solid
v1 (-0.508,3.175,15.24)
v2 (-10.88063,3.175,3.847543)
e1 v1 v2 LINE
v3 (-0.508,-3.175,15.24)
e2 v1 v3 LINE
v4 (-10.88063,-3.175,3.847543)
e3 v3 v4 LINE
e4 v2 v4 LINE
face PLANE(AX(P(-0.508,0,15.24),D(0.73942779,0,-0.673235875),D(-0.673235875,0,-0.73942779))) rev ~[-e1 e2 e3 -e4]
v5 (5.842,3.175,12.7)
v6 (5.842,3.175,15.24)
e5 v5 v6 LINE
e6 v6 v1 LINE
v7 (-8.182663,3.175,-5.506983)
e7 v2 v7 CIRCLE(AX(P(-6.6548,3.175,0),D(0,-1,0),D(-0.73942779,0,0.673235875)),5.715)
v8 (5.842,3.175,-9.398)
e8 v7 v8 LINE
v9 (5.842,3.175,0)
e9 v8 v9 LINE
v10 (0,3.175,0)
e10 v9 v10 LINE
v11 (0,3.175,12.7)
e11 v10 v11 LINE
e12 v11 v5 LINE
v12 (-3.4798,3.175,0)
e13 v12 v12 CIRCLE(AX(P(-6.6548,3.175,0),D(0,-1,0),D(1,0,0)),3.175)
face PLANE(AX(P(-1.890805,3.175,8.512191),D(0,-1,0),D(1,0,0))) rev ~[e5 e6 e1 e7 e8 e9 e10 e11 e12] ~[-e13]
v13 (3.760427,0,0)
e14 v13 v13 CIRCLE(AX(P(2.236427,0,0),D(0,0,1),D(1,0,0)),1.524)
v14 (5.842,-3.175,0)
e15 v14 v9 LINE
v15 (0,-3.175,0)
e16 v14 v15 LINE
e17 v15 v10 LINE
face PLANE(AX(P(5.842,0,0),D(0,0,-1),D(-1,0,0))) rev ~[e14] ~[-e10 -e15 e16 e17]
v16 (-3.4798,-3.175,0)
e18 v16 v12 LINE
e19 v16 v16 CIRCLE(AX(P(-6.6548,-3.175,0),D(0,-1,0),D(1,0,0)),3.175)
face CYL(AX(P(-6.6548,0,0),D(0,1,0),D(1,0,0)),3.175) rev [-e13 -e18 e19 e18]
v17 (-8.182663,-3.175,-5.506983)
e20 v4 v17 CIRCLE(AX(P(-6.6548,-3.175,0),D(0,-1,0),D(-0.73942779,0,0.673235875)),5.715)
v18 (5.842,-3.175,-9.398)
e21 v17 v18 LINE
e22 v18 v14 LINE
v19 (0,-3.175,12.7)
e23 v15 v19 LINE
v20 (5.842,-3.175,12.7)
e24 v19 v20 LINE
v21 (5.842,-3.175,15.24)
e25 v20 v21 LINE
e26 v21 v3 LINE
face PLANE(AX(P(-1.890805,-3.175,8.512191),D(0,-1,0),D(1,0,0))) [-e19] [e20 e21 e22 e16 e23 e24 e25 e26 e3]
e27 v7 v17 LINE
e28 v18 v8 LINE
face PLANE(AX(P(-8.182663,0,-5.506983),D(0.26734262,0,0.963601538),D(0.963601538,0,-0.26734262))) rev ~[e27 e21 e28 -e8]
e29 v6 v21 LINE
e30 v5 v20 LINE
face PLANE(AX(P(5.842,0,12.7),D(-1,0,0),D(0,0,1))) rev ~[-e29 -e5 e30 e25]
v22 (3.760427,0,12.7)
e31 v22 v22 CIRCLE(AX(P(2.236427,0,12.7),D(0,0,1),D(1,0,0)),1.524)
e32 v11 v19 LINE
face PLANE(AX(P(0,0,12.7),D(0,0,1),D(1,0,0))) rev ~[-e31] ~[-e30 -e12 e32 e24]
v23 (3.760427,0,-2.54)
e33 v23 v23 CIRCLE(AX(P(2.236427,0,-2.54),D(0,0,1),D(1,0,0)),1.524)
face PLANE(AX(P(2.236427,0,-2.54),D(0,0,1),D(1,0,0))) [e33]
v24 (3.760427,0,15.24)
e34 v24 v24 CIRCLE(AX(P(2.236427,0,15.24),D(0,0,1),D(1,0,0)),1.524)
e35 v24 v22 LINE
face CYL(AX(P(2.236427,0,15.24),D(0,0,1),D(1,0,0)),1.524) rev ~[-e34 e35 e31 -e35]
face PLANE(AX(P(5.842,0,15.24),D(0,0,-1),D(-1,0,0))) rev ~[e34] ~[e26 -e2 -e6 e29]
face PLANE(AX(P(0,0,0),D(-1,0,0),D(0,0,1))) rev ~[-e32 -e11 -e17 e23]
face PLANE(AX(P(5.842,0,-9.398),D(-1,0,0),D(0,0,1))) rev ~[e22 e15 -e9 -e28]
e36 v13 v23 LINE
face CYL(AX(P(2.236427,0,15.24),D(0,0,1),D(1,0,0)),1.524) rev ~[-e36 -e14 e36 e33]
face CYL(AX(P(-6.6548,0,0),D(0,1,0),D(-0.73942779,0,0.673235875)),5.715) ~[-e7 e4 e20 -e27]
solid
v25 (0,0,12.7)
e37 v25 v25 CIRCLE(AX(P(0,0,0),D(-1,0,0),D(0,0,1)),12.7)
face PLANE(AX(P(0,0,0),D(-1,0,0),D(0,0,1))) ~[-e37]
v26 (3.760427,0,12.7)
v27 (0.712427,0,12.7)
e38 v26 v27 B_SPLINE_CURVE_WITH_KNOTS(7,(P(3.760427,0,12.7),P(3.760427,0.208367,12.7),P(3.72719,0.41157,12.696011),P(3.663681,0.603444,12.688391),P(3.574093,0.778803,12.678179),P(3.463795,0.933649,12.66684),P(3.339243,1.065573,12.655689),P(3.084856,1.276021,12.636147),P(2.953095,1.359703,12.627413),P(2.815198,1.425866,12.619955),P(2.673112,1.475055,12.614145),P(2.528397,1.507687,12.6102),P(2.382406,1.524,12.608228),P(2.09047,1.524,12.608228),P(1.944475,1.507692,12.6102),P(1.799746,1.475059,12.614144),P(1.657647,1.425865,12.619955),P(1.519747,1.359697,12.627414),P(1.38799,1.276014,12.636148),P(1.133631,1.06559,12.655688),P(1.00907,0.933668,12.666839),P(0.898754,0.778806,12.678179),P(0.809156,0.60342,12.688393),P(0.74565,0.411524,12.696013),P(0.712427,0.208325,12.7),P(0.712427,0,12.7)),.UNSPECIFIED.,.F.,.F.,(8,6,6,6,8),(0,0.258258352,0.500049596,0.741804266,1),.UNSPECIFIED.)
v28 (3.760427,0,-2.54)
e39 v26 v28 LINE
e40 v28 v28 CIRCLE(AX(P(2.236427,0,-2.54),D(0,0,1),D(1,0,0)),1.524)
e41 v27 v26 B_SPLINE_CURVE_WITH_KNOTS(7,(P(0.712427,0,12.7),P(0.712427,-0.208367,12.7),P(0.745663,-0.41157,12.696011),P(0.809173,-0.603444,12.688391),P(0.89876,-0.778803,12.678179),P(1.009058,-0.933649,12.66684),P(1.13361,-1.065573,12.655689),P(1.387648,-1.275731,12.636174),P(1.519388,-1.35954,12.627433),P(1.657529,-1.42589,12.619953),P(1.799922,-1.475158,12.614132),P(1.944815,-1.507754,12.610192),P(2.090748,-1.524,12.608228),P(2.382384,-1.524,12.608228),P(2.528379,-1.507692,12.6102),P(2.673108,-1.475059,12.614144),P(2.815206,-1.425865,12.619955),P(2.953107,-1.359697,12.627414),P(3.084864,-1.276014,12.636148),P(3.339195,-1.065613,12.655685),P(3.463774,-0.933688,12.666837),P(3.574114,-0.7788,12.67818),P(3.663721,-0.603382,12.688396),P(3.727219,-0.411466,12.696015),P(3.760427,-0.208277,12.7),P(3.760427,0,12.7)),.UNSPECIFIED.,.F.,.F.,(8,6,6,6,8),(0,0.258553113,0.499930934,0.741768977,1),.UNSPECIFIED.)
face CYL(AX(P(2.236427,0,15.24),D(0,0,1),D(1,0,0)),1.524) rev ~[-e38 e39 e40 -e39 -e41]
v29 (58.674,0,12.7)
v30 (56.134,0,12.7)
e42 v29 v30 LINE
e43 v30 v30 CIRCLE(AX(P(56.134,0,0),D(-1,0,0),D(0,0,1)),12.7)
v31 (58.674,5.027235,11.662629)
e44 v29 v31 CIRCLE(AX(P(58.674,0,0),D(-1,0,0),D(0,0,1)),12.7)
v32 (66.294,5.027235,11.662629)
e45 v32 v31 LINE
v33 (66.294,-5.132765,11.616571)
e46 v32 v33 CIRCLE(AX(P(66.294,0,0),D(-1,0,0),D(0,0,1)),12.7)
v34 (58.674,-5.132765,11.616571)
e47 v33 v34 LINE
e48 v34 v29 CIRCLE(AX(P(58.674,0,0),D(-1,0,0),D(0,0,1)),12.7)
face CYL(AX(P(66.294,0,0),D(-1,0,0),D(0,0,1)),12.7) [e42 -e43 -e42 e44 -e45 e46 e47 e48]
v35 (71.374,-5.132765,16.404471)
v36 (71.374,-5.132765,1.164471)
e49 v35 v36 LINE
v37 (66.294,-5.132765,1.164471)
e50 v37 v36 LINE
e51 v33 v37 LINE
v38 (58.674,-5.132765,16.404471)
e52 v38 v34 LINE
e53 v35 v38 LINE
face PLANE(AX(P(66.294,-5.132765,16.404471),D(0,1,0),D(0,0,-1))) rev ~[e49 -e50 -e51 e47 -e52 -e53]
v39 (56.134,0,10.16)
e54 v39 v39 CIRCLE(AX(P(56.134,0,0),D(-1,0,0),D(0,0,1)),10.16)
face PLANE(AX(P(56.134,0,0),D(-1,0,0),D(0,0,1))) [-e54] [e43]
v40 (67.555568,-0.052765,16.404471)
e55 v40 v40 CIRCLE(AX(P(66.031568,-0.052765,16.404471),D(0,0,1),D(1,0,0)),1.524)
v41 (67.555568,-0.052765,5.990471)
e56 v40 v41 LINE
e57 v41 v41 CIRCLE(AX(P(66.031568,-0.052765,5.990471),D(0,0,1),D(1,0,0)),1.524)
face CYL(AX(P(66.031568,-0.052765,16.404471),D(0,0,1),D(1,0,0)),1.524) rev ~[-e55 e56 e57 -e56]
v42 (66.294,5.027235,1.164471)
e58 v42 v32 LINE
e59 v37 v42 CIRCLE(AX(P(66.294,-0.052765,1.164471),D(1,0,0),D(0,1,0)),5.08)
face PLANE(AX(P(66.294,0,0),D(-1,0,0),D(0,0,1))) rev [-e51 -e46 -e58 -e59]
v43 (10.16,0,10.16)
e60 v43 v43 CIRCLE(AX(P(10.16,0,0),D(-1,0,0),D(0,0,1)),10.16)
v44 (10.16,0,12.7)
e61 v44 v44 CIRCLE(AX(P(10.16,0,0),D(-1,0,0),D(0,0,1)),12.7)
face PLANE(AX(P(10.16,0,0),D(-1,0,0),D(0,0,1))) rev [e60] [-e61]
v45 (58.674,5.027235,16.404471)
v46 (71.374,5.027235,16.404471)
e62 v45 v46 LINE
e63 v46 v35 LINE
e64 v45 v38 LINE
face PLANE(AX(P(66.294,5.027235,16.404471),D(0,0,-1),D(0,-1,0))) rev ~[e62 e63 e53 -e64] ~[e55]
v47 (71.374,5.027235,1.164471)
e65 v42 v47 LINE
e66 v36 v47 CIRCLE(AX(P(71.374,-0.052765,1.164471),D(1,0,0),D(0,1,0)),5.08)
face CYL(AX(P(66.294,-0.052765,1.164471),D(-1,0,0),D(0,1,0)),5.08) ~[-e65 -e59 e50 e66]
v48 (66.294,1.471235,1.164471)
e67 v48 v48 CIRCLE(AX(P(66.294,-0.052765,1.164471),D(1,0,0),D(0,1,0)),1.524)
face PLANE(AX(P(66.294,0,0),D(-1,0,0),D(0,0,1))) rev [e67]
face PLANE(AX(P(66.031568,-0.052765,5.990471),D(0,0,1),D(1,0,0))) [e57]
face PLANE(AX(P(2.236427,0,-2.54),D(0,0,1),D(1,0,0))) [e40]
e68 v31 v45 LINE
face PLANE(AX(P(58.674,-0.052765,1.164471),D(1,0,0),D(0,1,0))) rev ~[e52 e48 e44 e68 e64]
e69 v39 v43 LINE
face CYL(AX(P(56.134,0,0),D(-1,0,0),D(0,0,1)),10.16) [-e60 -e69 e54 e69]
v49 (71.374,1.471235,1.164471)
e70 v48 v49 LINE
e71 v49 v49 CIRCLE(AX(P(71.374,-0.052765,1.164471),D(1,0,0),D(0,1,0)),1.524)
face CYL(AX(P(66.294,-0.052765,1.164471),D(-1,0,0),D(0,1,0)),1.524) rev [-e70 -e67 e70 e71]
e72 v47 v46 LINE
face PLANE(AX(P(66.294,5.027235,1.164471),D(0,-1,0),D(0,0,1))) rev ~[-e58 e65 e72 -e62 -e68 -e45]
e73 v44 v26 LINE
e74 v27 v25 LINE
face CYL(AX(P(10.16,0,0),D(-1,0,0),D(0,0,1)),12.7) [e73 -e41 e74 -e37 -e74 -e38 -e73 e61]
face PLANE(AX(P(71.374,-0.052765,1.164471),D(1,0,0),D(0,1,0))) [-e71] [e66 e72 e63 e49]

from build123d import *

# Parameters (mm, degrees)
F0_R          = 3.175
F1_DEPTH      = 3.175
F1_DEPTH_BACK = 3.175
F0_W          = 5.842
F0_H          = 12.7
F3_R          = 1.524
F4_DEPTH      = 7.62
F4_DEPTH_BACK = 5.08
F6_R          = 1.524
F7_DEPTH      = 17.78
F5_R          = 1.524
F8_DEPTH      = 10.414


with BuildPart() as f1:
    # F0 (on Front) → F1 (new body, two sides)
    with BuildSketch(Plane.XZ) as f1_sk:
        with BuildLine():
            Line((-0.9398, 0), (0, 0))
            Line((0, 0), (0, 12.7))
            Line((0, 12.7), (5.842, 12.7))
            Line((5.842, 12.7), (5.842, 15.24))
            Line((5.842, 15.24), (-0.508, 15.24))
            Line((-0.508, 15.24), (-10.8806298187, 3.8475430269))
            ThreePointArc((-10.8806298187, 3.8475430269), (-4.5919612295, 5.3297205562), (-0.9398, 0))
        make_face()
        with BuildLine():
            ThreePointArc((-8.1826630726, -5.5069827884), (-3.1957909266, -4.5493385486), (-0.9398, 0))
            ThreePointArc((-0.9398, 0), (-4.5919612295, 5.3297205562), (-10.8806298187, 3.8475430269))
            ThreePointArc((-10.8806298187, 3.8475430269), (-12.1459778134, -1.5837270034), (-8.1826630726, -5.5069827884))
        make_face()
        with Locations((-6.6548, 0)):
            Circle(F0_R, mode=Mode.SUBTRACT)
        with BuildLine():
            Line((5.842, 0), (0, 0))
            Line((0, 0), (-0.9398, 0))
            ThreePointArc((-0.9398, 0), (-3.1957909266, -4.5493385486), (-8.1826630726, -5.5069827884))
            Line((-8.1826630726, -5.5069827884), (5.842, -9.398))
            Line((5.842, -9.398), (5.842, 0))
        make_face()
    extrude(amount=-F1_DEPTH)
    extrude(f1_sk.sketch, amount=F1_DEPTH_BACK)


with BuildPart() as f2:
    # F0 (on Front) → F2 (revolve)
    with BuildSketch(Plane.XZ):
        with Locations((2.921, 6.35)):
            Rectangle(F0_W, F0_H)
        Polygon((5.842, 12.7), (5.842, 0), (66.294, 0), (66.294, 12.7), (56.134, 12.7), (56.134, 10.16), (10.16, 10.16), (10.16, 12.7), align=None)
    revolve(axis=Axis((33.147, 0, 0), (-1, 0, 0)))

    # F3 (on face) → F4 (join, two sides)
    with BuildSketch(Plane.YZ.offset(66.294)) as f4_sk:
        with BuildLine():
            ThreePointArc((-5.1327645607, 1.1644711485), (-0.0527645607, -3.9155288515), (5.0272354393, 1.1644711485))
            ThreePointArc((5.0272354393, 1.1644711485), (-0.0527645607, 6.2444711485), (-5.1327645607, 1.1644711485))
        make_face()
        with Locations((-0.0527645607, 1.1644711485)):
            Circle(F3_R, mode=Mode.SUBTRACT)
        with BuildLine():
            ThreePointArc((-5.1327645607, 11.6165712654), (-0.0575709682, 12.6998695105), (5.0272354393, 11.6626285132))
            Line((5.0272354393, 11.6626285132), (5.0272354393, 16.4044711485))
            Line((5.0272354393, 16.4044711485), (-5.1327645607, 16.4044711485))
            Line((-5.1327645607, 16.4044711485), (-5.1327645607, 11.6165712654))
        make_face()
        with BuildLine():
            ThreePointArc((-5.1327645607, 1.1644711485), (-0.0527645607, 6.2444711485), (5.0272354393, 1.1644711485))
            Line((5.0272354393, 1.1644711485), (5.0272354393, 11.6626285132))
            ThreePointArc((5.0272354393, 11.6626285132), (-0.0575709682, 12.6998695105), (-5.1327645607, 11.6165712654))
            Line((-5.1327645607, 11.6165712654), (-5.1327645607, 1.1644711485))
        make_face()
    extrude(amount=-F4_DEPTH)
    extrude(f4_sk.sketch, amount=F4_DEPTH_BACK)


with BuildPart() as f7_tool:
    # F6 (on face) → F7 (new body)
    with BuildSketch(Plane.XY.offset(15.24)):
        with Locations((2.2364268079, 0)):
            Circle(F6_R)
    extrude(amount=-F7_DEPTH)


with BuildPart() as f1_1:
    add(f1.part)

    # F7: cut by f7_tool
    add(f7_tool.part, mode=Mode.SUBTRACT)


with BuildPart() as f2_1:
    add(f2.part)

    # F7: cut by f7_tool
    add(f7_tool.part, mode=Mode.SUBTRACT)

    # F5 (on face) → F8 (cut)
    with BuildSketch(Plane.XY.offset(16.4044711485)):
        with Locations((66.0315677524, -0.0527645607)):
            Circle(F5_R)
    extrude(amount=-F8_DEPTH, mode=Mode.SUBTRACT)


solid = Compound([f1_1.part, f2_1.part])
